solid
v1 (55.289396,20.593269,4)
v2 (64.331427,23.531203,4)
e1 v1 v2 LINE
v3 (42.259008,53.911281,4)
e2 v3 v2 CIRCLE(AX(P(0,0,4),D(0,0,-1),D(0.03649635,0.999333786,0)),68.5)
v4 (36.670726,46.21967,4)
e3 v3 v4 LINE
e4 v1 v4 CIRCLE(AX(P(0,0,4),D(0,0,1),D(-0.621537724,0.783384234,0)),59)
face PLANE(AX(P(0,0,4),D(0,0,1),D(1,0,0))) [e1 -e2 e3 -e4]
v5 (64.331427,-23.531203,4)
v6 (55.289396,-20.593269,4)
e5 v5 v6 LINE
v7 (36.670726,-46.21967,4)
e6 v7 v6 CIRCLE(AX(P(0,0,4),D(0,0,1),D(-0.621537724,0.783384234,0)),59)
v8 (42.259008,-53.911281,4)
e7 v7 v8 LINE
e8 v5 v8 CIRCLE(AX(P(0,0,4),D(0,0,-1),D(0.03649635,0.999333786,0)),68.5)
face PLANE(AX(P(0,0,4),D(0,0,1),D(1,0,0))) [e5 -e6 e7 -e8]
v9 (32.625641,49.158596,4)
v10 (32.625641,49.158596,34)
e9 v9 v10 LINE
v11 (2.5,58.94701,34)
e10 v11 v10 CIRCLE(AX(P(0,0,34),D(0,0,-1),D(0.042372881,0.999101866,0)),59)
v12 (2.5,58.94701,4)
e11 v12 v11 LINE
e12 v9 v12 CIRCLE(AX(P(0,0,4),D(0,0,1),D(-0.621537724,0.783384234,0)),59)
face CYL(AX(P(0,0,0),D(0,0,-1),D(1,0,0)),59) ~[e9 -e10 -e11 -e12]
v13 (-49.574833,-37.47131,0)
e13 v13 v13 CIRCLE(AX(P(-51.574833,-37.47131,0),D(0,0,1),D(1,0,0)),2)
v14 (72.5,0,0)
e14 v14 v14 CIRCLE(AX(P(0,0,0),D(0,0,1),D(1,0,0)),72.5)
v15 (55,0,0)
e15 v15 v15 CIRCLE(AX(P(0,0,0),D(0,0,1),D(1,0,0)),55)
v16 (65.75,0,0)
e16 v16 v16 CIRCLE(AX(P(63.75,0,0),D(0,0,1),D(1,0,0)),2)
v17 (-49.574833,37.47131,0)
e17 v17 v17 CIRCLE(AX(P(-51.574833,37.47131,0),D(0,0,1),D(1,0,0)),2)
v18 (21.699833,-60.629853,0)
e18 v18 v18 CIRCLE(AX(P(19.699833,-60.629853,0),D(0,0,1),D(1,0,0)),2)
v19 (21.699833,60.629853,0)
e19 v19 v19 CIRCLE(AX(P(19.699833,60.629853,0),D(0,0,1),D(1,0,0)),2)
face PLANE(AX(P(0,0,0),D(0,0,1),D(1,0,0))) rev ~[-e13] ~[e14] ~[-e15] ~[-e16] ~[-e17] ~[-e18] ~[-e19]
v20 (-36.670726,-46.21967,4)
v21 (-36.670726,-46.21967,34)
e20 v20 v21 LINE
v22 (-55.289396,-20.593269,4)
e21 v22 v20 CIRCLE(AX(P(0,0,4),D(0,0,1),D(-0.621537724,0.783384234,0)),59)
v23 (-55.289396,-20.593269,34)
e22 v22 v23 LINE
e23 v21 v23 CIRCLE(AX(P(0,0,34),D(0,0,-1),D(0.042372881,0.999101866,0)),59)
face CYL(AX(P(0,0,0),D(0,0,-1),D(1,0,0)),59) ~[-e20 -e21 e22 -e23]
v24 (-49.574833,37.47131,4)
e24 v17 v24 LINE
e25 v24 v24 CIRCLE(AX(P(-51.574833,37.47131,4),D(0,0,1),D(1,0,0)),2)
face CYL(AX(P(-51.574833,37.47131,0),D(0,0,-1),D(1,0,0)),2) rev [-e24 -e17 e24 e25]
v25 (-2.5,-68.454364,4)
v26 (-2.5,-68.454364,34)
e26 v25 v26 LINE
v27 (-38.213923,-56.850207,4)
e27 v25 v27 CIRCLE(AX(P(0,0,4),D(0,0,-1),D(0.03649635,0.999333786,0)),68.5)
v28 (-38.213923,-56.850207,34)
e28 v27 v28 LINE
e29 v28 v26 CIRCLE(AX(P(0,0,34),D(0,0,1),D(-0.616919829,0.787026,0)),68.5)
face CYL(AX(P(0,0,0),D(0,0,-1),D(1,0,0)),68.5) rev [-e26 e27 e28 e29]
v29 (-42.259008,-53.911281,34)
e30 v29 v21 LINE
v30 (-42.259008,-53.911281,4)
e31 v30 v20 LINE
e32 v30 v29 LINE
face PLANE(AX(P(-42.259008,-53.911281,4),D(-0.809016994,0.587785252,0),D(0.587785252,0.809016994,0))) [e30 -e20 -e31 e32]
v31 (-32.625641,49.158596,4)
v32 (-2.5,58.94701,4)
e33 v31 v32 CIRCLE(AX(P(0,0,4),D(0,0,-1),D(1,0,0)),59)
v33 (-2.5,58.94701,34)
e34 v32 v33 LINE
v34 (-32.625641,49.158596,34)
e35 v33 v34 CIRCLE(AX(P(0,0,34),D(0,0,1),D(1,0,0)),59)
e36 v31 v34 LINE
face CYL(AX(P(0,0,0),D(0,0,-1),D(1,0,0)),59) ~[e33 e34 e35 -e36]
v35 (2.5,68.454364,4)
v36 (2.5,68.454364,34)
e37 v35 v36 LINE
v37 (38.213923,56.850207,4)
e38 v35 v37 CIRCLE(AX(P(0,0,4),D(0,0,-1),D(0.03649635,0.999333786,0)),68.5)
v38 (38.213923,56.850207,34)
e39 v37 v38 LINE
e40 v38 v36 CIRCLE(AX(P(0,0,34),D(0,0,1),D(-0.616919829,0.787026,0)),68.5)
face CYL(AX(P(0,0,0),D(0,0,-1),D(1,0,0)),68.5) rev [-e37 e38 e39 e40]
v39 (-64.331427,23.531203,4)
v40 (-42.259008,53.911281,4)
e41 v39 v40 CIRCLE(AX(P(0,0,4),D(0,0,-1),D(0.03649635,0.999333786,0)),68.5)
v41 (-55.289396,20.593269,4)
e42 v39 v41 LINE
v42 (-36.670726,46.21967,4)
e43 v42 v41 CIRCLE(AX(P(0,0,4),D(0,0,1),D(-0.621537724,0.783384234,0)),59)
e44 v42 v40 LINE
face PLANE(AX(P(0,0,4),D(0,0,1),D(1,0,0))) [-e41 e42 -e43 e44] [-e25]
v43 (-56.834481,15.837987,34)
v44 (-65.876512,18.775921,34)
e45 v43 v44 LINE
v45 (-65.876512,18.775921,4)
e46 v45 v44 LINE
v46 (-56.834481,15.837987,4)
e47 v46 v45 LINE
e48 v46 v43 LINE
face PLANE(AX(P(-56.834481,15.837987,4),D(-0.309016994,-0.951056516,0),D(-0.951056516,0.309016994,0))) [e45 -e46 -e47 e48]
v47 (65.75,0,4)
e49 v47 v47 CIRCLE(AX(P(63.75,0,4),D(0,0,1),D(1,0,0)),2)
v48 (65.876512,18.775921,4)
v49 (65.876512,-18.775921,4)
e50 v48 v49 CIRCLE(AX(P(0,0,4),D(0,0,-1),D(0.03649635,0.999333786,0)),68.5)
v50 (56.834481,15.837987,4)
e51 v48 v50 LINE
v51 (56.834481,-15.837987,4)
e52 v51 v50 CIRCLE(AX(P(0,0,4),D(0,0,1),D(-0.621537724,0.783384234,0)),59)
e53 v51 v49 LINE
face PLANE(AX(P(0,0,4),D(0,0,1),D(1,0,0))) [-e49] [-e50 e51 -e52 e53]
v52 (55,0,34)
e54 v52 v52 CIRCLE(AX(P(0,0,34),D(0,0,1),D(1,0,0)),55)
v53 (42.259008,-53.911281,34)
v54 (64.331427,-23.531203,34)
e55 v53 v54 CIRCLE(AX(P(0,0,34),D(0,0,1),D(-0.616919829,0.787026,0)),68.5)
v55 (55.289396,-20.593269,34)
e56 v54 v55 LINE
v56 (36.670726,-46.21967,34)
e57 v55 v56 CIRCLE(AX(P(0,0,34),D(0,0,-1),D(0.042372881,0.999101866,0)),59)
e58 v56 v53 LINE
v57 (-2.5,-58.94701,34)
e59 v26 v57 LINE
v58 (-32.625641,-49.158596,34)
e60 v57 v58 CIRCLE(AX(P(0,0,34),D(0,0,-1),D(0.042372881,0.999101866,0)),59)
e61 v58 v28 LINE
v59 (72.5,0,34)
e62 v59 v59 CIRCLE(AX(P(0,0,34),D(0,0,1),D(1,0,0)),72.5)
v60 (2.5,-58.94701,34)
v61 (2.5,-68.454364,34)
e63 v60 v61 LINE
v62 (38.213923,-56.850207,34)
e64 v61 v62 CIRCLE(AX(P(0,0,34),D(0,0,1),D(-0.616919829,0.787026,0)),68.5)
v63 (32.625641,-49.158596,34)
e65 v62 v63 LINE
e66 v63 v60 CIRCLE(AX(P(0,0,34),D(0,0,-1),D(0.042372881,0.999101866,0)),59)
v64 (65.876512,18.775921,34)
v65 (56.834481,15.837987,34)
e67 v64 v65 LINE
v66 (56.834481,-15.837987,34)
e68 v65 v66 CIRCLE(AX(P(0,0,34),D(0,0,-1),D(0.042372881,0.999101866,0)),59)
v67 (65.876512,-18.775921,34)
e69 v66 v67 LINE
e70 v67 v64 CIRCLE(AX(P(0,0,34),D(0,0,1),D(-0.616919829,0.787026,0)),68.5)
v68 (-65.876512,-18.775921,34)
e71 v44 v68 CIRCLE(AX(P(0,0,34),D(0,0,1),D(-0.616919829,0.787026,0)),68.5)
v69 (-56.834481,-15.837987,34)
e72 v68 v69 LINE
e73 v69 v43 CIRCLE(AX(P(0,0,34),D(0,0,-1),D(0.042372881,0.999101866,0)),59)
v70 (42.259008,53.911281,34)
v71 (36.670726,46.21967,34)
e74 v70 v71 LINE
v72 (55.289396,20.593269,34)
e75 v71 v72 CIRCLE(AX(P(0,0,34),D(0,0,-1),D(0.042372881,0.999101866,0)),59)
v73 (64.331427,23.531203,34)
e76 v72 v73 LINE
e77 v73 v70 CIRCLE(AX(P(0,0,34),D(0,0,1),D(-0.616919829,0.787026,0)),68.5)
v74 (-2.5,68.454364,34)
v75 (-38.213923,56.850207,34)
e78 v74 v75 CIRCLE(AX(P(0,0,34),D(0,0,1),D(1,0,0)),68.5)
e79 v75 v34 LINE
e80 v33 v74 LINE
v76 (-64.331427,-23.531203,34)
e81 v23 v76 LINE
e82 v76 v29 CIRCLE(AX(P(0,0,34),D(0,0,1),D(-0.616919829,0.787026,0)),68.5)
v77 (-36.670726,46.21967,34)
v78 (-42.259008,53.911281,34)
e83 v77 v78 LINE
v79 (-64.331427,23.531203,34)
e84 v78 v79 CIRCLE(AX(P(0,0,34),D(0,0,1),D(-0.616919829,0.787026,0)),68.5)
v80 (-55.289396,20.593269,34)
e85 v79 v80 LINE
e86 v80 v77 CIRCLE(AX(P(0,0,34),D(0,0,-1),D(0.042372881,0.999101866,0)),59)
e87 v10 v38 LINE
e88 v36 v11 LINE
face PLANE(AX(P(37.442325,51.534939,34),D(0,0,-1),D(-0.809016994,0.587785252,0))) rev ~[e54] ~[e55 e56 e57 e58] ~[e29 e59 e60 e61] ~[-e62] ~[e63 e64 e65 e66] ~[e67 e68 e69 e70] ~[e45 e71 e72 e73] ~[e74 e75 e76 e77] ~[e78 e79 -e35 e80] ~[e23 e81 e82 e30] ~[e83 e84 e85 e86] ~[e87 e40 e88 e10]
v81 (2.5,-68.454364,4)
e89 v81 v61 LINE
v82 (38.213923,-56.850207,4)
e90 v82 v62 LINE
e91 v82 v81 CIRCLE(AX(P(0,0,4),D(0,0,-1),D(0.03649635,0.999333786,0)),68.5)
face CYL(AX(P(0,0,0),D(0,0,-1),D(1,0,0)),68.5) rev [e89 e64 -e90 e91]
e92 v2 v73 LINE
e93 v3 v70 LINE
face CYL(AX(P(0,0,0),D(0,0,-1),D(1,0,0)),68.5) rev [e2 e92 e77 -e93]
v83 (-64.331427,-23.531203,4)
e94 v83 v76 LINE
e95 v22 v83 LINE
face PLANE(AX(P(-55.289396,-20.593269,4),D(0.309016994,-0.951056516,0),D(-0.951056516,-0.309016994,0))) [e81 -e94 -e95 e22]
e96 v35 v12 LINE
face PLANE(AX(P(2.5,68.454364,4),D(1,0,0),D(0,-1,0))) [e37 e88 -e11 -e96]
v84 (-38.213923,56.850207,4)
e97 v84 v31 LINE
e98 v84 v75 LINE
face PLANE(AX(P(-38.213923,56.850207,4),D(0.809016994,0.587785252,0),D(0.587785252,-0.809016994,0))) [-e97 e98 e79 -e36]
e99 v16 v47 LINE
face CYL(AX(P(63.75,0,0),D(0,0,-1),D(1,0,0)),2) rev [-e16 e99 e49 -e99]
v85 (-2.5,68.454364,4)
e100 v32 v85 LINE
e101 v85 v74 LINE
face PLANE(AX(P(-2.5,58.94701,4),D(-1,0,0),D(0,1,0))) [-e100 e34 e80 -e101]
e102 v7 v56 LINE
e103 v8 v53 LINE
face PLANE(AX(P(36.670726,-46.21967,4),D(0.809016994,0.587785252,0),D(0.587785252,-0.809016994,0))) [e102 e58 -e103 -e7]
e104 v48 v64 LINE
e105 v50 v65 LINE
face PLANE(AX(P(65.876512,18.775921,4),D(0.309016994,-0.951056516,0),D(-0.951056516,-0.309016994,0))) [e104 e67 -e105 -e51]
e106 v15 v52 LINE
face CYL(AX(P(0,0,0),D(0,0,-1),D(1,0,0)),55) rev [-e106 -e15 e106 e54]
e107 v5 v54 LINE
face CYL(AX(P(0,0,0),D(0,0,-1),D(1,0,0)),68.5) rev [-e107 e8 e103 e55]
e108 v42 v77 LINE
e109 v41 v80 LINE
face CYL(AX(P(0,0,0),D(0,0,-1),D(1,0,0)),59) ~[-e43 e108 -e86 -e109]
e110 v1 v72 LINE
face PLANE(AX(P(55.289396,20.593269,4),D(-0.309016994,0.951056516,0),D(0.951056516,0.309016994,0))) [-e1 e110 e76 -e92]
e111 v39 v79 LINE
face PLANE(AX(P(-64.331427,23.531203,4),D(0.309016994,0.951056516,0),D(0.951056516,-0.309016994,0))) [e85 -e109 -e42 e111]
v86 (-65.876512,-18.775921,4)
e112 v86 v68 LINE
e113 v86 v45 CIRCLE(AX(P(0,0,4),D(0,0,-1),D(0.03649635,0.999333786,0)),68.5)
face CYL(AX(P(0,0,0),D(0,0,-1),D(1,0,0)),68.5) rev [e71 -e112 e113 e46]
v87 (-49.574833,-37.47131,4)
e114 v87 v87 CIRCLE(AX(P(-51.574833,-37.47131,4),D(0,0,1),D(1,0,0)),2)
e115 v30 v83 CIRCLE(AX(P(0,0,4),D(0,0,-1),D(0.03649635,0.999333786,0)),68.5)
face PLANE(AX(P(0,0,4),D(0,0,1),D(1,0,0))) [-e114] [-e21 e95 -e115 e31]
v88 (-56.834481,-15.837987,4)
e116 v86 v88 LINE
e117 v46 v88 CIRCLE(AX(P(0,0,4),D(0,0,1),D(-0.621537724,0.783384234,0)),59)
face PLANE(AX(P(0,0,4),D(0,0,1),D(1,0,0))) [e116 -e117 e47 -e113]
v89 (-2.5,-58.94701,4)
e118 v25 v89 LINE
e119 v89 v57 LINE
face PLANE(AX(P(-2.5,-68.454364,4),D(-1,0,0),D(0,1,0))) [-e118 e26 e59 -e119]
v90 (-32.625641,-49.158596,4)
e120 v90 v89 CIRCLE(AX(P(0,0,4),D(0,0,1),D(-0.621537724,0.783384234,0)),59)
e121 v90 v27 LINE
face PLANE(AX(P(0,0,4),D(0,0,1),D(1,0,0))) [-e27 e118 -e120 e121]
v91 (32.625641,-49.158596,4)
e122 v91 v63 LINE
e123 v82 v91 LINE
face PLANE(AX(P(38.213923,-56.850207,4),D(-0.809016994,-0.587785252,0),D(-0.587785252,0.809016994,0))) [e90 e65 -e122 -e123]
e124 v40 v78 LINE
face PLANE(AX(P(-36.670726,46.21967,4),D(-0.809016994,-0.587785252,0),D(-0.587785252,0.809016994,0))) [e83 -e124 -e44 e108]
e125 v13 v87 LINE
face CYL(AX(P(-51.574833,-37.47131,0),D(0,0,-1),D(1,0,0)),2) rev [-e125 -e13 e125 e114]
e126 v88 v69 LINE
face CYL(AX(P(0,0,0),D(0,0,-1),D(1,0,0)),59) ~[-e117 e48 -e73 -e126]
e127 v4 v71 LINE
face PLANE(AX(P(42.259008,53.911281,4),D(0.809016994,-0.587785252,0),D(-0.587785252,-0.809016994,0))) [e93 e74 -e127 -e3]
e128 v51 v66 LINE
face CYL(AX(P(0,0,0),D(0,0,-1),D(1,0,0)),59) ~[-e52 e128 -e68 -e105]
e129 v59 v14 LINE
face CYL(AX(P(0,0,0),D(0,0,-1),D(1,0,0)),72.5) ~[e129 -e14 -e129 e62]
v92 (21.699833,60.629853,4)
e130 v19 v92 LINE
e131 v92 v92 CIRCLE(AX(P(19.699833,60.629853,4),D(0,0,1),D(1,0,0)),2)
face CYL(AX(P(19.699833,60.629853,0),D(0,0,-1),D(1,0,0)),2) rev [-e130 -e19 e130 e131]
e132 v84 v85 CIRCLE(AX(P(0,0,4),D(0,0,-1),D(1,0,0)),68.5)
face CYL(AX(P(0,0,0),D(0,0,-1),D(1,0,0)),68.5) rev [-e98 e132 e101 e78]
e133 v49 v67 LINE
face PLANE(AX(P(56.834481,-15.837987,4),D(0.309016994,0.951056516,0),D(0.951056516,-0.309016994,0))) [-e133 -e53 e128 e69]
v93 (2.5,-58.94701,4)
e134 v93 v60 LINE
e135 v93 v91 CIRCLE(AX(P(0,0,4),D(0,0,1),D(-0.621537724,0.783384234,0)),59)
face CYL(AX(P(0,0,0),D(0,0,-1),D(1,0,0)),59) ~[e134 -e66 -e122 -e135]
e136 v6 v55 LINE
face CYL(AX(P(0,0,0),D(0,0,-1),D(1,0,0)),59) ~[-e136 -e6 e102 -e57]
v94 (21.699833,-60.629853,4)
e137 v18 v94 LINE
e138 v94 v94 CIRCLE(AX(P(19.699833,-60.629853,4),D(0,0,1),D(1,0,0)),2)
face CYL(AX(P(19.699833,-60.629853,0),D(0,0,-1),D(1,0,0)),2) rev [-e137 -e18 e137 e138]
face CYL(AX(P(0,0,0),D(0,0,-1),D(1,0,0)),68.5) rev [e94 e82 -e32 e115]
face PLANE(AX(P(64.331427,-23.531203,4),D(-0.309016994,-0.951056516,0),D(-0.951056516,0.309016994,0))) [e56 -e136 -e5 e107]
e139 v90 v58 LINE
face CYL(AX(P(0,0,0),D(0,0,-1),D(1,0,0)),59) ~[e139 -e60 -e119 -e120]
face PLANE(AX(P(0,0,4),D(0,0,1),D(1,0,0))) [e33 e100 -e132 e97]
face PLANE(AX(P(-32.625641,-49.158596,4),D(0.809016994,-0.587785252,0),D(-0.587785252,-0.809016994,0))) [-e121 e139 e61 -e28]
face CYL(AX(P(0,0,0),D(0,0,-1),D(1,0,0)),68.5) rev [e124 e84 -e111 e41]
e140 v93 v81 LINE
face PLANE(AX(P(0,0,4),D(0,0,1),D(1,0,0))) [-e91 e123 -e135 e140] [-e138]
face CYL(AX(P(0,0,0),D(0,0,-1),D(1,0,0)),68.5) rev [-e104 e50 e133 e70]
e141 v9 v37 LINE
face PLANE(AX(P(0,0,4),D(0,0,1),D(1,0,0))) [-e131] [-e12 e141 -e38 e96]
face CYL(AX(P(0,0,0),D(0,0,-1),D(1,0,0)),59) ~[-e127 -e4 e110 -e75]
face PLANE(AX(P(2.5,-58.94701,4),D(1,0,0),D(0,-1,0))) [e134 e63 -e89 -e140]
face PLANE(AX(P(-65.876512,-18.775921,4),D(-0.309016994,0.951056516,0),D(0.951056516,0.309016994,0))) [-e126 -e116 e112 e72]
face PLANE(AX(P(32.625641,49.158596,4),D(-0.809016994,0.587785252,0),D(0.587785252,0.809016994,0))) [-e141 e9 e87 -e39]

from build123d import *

# Parameters (mm, degrees)
SZKIC1_R                    = 72.5
SZKIC1_R_2                  = 2
SZKIC1_R_3                  = 55
DODANIE_WYCI_GNI_CIE1_DEPTH = 4
SZKIC1_3_R                  = 72.5
SZKIC1_3_R_2                = 68.5
SZKIC1_3_R_3                = 59
SZKIC1_3_R_4                = 55
DODANIE_WYCI_GNI_CIE2_DEPTH = 34
DODANIE_WYCI_GNI_CIE3_DEPTH = 30
SZYK_KO_OWY1_COUNT          = 10


with BuildPart() as part:
    # Szkic1 → Dodanie-wyciągnięcie1 (new body)
    with BuildSketch(Plane.XY):
        Circle(SZKIC1_R)
        with Locations((19.699833391, 60.629852914)):
            Circle(SZKIC1_R_2, mode=Mode.SUBTRACT)
        with Locations((-51.574833391, -37.471309834)):
            Circle(SZKIC1_R_2, mode=Mode.SUBTRACT)
        with Locations((19.699833391, -60.629852914)):
            Circle(SZKIC1_R_2, mode=Mode.SUBTRACT)
        with Locations((-51.574833391, 37.471309834)):
            Circle(SZKIC1_R_2, mode=Mode.SUBTRACT)
        with Locations((63.75, 0)):
            Circle(SZKIC1_R_2, mode=Mode.SUBTRACT)
        Circle(SZKIC1_R_3, mode=Mode.SUBTRACT)
    extrude(amount=DODANIE_WYCI_GNI_CIE1_DEPTH)

    # Szkic1<3> → Dodanie-wyciągnięcie2 (add)
    # profile 1 of 2: a face of its own
    with BuildSketch(Plane.XY):
        Circle(SZKIC1_3_R)
        Circle(SZKIC1_3_R_2, mode=Mode.SUBTRACT)
    # profile 2 of 2: a face of its own
    with BuildSketch(Plane.XY):
        Circle(SZKIC1_3_R_3)
        Circle(SZKIC1_3_R_4, mode=Mode.SUBTRACT)
    extrude(amount=DODANIE_WYCI_GNI_CIE2_DEPTH)

    # Szkic2 → Dodanie-wyciągnięcie3 (add)
    with BuildSketch(Plane.XY.offset(4)):
        Polygon((-2.5, 58.947010102), (-2.5, 68.45436436), (0, 72.265754907), (2.5, 68.45436436), (2.5, 58.947010102), (0, 55.135619556), align=None)
    dodanie_wyci_gni_cie3 = extrude(amount=DODANIE_WYCI_GNI_CIE3_DEPTH)

    # Szyk kołowy1: Dodanie-wyciągnięcie3 ×10 about axis
    szyk_ko_owy1_axis = Axis((0, 0, 34), (0, 0, 1))
    for i in range(1, SZYK_KO_OWY1_COUNT):
        add(dodanie_wyci_gni_cie3.rotate(szyk_ko_owy1_axis, i * 360 / SZYK_KO_OWY1_COUNT))


solid = part.part
